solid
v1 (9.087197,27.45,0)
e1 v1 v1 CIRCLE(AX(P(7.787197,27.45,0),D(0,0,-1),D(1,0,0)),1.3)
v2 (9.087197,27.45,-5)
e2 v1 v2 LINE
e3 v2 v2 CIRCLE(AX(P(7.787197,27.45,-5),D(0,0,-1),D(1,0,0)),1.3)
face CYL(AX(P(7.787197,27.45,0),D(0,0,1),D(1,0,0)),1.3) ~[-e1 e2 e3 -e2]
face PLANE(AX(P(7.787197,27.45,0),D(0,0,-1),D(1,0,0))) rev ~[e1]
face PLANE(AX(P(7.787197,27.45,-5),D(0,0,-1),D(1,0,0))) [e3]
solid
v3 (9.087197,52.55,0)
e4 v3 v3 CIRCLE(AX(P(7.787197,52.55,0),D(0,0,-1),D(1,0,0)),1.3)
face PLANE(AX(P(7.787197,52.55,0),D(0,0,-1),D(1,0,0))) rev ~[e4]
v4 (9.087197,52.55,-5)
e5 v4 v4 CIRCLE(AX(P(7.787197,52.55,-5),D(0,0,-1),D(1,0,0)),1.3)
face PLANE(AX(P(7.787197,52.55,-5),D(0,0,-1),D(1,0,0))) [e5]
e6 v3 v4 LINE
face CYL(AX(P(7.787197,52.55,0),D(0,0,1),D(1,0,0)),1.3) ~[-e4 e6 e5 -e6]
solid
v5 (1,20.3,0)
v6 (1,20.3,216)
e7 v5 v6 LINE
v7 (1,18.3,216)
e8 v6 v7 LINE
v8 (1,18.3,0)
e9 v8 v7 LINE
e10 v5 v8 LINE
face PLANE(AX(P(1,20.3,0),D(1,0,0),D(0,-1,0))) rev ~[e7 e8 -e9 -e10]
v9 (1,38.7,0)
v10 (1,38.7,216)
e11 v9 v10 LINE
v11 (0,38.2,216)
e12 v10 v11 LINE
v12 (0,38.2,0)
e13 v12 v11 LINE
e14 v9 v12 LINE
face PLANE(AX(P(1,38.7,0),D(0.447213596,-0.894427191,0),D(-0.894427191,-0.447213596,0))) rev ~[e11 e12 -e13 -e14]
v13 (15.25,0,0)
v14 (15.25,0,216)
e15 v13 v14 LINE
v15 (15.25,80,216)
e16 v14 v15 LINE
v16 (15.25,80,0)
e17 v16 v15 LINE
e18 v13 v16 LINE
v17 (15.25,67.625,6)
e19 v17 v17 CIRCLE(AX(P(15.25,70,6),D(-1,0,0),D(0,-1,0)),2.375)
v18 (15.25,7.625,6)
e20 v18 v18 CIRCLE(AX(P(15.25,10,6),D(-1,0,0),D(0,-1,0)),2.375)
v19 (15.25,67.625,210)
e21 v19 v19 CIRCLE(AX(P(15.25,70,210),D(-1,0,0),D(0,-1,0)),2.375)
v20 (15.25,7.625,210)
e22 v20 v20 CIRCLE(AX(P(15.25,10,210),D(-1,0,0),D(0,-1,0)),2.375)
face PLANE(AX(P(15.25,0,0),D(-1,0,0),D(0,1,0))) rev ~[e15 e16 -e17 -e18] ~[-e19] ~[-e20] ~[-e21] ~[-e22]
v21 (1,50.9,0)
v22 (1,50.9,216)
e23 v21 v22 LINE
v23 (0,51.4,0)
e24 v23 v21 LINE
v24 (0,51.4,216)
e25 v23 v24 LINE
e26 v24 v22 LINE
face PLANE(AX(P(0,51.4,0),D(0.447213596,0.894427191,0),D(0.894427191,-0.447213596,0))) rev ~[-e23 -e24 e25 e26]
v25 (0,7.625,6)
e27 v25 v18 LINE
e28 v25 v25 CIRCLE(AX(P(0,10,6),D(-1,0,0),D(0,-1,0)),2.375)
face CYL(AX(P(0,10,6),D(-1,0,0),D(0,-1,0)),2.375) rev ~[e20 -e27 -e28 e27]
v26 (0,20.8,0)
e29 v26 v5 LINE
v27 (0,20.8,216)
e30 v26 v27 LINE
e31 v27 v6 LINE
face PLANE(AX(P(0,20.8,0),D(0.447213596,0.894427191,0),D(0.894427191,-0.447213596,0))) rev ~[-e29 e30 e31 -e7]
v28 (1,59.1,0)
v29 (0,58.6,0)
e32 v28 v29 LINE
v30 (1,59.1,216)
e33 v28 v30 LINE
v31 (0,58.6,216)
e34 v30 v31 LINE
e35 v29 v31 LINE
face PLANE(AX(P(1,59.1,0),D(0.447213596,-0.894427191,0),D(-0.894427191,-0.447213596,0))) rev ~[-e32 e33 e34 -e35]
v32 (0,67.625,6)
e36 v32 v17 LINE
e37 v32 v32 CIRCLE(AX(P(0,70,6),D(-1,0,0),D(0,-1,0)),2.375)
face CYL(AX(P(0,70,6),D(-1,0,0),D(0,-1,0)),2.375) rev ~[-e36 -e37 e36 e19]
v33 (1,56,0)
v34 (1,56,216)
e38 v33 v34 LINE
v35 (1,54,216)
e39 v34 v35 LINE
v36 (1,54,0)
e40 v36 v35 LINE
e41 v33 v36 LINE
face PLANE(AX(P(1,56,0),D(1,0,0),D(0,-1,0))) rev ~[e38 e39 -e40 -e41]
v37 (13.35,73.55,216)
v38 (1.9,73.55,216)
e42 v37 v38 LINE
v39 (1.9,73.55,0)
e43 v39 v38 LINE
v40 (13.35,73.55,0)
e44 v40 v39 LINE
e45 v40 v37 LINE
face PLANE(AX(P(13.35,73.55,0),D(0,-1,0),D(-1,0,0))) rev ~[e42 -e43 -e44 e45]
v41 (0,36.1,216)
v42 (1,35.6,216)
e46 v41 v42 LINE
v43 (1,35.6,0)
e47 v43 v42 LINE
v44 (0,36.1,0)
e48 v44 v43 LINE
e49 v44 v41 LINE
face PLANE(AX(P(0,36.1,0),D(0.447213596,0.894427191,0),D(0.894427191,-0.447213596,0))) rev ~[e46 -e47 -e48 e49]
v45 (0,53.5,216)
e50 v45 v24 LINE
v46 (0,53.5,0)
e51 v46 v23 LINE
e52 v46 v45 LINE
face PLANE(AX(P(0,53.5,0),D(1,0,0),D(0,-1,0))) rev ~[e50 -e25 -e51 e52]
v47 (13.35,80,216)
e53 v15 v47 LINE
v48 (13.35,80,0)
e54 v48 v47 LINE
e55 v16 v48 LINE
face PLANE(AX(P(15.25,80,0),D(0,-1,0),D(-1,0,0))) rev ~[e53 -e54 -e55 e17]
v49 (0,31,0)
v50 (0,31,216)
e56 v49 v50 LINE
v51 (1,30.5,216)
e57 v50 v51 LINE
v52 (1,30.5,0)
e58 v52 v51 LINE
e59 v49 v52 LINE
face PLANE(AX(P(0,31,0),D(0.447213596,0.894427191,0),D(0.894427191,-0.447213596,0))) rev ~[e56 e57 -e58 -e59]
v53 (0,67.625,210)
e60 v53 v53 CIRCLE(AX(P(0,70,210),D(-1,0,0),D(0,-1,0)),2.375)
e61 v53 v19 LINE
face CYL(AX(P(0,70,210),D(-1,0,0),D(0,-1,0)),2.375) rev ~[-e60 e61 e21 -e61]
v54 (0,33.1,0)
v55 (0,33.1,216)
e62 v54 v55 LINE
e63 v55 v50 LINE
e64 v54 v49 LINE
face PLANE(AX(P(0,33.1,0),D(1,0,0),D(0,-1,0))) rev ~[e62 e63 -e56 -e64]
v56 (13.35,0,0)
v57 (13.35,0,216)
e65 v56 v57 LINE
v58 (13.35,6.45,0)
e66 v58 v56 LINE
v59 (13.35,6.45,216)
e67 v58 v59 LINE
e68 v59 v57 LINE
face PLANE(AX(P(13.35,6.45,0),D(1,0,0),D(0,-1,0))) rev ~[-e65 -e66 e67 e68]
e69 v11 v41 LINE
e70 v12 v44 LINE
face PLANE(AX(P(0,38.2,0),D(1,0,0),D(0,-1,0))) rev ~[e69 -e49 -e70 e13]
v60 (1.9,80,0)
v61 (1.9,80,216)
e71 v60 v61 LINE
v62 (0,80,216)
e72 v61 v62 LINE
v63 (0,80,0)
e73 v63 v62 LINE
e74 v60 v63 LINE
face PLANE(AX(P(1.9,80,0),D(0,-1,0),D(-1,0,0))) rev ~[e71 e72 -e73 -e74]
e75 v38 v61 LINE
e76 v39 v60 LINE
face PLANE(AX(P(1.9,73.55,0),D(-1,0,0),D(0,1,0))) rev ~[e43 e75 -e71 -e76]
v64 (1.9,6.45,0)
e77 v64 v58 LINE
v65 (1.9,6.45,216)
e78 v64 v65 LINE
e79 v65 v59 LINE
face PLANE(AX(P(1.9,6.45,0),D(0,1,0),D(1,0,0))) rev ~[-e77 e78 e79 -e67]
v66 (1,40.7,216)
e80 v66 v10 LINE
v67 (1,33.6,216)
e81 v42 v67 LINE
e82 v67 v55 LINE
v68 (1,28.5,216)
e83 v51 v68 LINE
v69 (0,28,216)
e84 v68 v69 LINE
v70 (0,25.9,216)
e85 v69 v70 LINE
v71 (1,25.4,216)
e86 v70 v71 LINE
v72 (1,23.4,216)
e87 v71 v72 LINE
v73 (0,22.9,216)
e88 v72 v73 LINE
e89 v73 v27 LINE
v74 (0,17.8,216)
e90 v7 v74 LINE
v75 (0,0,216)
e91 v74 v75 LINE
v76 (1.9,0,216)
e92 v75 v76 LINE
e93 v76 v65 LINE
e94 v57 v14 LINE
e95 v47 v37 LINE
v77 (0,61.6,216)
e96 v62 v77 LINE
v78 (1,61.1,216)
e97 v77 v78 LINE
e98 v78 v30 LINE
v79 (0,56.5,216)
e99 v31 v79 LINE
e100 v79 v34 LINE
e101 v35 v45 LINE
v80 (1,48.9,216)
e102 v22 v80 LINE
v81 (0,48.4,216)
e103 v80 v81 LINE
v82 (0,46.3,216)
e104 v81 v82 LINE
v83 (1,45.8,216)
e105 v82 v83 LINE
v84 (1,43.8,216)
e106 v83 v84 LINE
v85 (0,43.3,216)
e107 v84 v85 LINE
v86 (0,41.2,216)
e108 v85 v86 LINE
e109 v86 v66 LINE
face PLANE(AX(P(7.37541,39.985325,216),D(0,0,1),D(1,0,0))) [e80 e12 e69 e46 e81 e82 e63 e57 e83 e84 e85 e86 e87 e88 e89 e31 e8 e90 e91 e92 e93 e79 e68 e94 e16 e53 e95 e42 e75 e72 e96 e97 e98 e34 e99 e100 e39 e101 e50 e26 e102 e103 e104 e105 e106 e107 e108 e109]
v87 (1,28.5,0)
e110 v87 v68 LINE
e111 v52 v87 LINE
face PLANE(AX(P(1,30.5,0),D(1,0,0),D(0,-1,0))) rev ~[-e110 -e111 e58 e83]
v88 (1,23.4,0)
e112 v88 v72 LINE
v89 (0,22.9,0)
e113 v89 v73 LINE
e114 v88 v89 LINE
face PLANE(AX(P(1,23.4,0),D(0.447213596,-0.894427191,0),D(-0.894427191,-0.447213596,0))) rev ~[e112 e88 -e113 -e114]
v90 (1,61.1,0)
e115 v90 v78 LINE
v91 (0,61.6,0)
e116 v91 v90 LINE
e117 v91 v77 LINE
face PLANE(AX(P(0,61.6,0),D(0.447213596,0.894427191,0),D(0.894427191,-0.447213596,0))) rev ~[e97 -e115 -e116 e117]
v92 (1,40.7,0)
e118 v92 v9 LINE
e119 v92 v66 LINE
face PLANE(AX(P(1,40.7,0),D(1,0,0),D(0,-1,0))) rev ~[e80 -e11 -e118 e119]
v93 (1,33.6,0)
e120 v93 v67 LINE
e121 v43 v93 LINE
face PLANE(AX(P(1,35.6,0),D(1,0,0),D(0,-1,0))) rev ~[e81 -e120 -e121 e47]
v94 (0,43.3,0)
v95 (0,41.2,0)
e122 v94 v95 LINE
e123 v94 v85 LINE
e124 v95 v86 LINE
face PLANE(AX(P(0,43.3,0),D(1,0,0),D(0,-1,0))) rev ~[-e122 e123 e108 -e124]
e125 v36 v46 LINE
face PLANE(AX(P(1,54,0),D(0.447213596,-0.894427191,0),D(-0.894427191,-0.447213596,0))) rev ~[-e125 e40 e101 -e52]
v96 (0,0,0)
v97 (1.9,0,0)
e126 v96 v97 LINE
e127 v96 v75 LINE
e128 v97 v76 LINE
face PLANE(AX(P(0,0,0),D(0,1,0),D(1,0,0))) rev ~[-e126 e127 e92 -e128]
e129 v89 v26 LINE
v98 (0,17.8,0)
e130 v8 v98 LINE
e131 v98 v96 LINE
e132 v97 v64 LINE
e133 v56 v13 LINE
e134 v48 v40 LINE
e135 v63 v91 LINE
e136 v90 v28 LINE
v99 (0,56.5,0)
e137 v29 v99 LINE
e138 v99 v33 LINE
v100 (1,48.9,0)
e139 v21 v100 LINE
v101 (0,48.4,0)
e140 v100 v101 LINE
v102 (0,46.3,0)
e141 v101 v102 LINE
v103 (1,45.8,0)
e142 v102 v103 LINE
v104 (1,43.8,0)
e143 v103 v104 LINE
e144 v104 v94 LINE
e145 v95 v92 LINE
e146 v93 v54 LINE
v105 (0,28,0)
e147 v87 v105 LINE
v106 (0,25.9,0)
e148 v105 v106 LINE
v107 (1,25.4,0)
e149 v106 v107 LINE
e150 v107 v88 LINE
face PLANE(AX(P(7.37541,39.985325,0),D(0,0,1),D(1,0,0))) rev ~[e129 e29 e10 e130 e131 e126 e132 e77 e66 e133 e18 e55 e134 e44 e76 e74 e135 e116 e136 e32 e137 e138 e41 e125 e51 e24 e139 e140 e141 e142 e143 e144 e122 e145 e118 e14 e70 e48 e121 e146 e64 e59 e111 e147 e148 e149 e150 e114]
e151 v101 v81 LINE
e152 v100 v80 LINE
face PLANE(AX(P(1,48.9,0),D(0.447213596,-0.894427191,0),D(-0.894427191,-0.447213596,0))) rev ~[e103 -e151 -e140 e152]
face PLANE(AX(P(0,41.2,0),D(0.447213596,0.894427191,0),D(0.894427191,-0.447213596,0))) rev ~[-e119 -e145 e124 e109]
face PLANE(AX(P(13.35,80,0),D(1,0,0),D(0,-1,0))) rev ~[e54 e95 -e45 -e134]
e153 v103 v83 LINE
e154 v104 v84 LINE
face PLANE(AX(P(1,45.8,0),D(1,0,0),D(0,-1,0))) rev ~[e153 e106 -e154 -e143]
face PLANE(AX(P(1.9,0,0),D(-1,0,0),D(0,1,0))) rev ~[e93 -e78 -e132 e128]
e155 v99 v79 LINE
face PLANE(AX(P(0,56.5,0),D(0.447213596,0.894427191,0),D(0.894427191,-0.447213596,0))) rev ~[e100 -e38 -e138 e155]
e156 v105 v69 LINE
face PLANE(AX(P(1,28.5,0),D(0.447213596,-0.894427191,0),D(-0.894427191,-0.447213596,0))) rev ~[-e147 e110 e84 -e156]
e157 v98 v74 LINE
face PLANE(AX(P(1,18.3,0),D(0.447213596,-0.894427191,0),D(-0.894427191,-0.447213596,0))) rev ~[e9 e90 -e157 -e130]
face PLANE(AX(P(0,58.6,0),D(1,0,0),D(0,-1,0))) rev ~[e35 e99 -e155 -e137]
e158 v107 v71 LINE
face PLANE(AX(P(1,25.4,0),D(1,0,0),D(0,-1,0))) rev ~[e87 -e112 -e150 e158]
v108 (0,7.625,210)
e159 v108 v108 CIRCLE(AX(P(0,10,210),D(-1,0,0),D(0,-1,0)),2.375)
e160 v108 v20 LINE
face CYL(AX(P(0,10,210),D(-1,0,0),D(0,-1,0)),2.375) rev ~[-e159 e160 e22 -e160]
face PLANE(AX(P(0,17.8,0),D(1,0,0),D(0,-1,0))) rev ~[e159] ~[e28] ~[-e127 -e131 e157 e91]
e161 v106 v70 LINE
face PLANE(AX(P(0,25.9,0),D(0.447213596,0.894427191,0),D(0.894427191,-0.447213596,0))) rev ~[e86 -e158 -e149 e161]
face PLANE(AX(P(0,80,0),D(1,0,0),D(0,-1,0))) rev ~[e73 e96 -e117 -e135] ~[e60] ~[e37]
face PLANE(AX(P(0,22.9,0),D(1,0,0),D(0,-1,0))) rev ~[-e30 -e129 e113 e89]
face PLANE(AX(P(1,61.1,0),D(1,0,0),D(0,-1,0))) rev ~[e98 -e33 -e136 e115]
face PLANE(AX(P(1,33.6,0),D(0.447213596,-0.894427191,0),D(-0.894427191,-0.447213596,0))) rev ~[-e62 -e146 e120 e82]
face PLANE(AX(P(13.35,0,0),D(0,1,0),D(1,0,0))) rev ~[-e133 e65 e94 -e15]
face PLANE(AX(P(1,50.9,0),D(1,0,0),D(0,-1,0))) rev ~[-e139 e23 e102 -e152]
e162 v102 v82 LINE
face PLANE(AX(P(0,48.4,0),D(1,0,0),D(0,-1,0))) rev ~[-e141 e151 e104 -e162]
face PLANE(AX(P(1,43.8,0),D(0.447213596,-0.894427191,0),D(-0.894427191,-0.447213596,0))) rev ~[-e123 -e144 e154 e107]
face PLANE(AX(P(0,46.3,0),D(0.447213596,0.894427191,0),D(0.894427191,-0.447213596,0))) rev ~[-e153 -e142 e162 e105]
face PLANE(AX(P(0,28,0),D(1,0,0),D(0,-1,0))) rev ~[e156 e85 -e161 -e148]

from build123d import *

# Parameters (mm, degrees)
F1_DEPTH = 216
F2_R     = 2.375
F3_DEPTH = 15.251
F4_R     = 1.3
F5_DEPTH = 5
F6_DEPTH = 5


with BuildPart() as f1:
    # F0 (on Top) → F1 (new body)
    with BuildSketch(Plane.XY):
        Polygon((0, 17.8), (0, 0), (1.9, 0), (1.9, 6.45), (13.35, 6.45), (13.35, 0), (15.25, 0), (15.25, 80), (13.35, 80), (13.35, 73.55), (1.9, 73.55), (1.9, 80), (0, 80), (0, 61.6), (1, 61.1), (1, 59.1), (0, 58.6), (0, 56.5), (1, 56), (1, 54), (0, 53.5), (0, 51.4), (1, 50.9), (1, 48.9), (0, 48.4), (0, 46.3), (1, 45.8), (1, 43.8), (0, 43.3), (0, 41.2), (1, 40.7), (1, 38.7), (0, 38.2), (0, 36.1), (1, 35.6), (1, 33.6), (0, 33.1), (0, 31), (1, 30.5), (1, 28.5), (0, 28), (0, 25.9), (1, 25.4), (1, 23.4), (0, 22.9), (0, 20.8), (1, 20.3), (1, 18.3), align=None)
    extrude(amount=F1_DEPTH)

    # F2 (on face) → F3 (cut, through all)
    with BuildSketch(Plane(origin=(0, 0, 0), x_dir=(0, -1, 0), z_dir=(-1, 0, 0))):
        with Locations((-70, 6)):
            Circle(F2_R)
        with Locations((-10, 6)):
            Circle(F2_R)
        with Locations((-70, 210)):
            Circle(F2_R)
        with Locations((-10, 210)):
            Circle(F2_R)
    extrude(amount=-F3_DEPTH, mode=Mode.SUBTRACT)


with BuildPart() as f5:
    # F4 (on face) → F5 (new body)
    with BuildSketch(Plane(origin=(0, 0, 0), x_dir=(1, 0, 0), z_dir=(0, 0, -1))):
        with Locations((7.787197, -27.45)):
            Circle(F4_R)
    extrude(amount=F5_DEPTH)


with BuildPart() as f6:
    # F4 (on face) → F6 (new body)
    with BuildSketch(Plane(origin=(0, 0, 0), x_dir=(1, 0, 0), z_dir=(0, 0, -1))):
        with Locations((7.787197, -52.55)):
            Circle(F4_R)
    extrude(amount=F6_DEPTH)


solid = Compound([f1.part, f5.part, f6.part])
